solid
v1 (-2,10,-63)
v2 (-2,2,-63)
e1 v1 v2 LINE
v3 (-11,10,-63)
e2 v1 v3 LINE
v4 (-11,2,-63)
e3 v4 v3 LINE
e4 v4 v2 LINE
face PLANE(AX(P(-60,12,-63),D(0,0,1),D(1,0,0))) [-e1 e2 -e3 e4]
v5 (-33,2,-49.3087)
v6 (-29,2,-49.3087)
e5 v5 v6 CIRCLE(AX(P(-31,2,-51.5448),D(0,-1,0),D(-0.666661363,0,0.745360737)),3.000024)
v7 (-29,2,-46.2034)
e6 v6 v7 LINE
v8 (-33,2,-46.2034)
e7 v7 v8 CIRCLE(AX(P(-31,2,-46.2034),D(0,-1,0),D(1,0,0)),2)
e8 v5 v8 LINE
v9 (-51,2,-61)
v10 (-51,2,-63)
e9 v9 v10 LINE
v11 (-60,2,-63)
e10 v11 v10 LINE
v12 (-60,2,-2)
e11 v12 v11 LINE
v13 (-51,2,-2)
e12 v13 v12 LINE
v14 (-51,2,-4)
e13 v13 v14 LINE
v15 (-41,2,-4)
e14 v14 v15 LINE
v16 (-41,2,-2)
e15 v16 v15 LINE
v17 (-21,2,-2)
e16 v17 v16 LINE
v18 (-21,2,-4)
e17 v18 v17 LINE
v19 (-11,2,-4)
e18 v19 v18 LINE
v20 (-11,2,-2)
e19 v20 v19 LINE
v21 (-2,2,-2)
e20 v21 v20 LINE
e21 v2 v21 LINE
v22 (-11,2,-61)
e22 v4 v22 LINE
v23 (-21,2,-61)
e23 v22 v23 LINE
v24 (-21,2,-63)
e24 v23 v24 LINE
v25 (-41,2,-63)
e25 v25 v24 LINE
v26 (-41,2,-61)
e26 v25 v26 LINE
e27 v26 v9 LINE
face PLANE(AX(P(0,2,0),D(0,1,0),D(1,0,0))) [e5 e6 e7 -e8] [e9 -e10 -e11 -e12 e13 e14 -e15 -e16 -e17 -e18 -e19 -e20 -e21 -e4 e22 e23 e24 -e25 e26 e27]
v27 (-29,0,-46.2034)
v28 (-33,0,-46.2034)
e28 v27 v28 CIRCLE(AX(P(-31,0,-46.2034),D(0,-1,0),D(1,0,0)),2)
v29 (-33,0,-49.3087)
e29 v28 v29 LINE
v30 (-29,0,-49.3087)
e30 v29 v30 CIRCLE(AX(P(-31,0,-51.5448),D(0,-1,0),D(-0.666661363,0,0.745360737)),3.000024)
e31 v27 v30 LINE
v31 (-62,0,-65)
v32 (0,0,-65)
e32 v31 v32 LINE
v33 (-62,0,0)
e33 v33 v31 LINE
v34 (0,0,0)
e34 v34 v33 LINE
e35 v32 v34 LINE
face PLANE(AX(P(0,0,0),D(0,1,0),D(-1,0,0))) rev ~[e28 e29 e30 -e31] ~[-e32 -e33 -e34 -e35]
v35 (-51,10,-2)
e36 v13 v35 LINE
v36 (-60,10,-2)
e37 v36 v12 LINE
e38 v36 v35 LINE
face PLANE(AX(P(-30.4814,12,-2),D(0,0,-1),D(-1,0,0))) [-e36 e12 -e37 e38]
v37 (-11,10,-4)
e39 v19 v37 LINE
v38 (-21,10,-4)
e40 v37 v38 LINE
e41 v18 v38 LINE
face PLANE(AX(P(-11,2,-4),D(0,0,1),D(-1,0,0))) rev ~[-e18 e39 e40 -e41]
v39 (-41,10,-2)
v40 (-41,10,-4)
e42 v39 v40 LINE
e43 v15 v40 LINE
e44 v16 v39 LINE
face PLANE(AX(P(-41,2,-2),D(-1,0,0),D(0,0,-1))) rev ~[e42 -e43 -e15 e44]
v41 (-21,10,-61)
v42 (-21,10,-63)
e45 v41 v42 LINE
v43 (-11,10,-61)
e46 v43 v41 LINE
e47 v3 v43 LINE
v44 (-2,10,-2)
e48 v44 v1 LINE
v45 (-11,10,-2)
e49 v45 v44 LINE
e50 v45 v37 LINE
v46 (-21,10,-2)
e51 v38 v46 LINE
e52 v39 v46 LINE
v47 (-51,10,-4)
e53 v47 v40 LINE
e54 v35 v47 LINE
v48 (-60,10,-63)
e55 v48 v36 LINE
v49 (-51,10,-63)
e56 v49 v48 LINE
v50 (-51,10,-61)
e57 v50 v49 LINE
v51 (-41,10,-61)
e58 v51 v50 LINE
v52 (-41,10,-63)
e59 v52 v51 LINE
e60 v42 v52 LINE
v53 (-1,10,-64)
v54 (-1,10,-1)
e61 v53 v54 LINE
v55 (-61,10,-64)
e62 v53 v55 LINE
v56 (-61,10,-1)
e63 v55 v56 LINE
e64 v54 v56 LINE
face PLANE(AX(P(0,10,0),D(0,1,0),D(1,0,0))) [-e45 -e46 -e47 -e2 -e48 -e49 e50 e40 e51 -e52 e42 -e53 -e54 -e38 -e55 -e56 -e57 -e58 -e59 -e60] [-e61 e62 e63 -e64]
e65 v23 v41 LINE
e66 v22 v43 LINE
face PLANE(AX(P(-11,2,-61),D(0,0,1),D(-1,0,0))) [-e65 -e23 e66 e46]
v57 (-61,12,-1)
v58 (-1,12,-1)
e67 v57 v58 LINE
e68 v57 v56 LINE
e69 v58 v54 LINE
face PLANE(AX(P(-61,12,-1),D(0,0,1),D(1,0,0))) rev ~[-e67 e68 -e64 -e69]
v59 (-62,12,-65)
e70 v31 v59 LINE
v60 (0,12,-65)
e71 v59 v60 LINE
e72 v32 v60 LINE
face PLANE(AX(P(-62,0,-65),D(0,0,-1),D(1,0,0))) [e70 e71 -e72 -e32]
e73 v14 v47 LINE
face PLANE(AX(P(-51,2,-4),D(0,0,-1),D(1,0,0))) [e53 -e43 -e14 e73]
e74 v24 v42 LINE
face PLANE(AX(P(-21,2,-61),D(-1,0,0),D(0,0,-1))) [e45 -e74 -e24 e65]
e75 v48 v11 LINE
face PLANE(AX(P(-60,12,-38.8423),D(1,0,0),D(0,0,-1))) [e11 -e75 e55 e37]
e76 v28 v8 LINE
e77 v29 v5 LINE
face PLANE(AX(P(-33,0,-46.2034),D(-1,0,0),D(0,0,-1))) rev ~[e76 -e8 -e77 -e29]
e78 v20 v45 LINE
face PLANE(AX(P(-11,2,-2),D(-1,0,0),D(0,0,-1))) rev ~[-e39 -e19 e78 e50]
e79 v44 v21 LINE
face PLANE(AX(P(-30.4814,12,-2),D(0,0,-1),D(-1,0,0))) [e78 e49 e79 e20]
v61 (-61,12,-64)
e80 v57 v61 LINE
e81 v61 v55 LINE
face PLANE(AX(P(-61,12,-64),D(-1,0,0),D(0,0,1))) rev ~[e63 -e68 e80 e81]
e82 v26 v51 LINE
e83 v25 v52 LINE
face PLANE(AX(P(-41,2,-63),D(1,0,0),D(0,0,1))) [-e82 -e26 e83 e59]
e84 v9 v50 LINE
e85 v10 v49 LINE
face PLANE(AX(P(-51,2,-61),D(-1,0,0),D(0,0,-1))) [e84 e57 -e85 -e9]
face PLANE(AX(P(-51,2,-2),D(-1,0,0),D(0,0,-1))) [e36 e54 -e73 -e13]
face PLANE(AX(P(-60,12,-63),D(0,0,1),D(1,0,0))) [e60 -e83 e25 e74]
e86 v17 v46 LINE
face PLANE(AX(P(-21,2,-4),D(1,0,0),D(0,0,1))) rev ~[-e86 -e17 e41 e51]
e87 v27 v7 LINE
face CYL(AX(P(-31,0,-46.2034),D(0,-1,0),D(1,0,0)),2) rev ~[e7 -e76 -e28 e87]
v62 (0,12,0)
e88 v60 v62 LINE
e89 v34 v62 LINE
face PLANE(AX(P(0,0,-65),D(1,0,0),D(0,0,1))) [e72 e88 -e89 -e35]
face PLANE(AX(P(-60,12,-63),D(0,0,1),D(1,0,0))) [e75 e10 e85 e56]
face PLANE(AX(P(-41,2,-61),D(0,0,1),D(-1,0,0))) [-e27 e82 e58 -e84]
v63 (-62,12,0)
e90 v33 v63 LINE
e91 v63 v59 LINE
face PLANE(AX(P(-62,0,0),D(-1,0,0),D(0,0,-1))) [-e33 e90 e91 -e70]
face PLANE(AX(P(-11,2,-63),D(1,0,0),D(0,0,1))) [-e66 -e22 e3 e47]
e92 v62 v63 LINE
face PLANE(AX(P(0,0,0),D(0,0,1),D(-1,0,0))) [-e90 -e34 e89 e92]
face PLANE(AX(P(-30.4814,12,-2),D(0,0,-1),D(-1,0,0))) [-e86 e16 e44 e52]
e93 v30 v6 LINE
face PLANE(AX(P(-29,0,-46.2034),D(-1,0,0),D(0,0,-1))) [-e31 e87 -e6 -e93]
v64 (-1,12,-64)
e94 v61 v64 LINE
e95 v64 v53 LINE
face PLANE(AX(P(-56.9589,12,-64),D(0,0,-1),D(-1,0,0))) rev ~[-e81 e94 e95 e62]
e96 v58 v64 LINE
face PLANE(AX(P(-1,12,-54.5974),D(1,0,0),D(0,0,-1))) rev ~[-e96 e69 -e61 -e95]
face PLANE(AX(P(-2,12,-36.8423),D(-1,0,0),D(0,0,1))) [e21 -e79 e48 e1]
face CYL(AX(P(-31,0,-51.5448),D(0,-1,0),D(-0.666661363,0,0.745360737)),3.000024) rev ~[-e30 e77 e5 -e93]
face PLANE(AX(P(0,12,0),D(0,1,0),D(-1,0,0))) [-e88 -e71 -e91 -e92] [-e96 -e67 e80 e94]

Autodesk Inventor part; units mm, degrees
ref_plane "YZ Plane" through (0, 0, 0) normal (1, 0, 0) x (0, 1, 0)
ref_plane "XZ Plane" through (0, 0, 0) normal (0, 1, 0) x (-1, 0, 0)
ref_plane "XY Plane" through (0, 0, 0) normal (0, 0, 1) x (1, 0, 0)
sketch "Sketch1" plane through (0, 0, 0) normal (0, 1, 0) x (-1, 0, 0)
  point P0 (0, 0)
sketch "Sketch2" plane through (0, 0, 0) normal (0, 1, 0) x (-1, 0, 0)
  line L0 (0, 0) -> (62, 0)
  line L1 (62, 0) -> (62, -65)
  line L2 (62, -65) -> (0, -65)
  line L3 (0, -65) -> (0, 0)
  dimension "d0" = 62
  dimension "d1" = 65
extrude "Extrusion1" add sketch "Sketch2" along normal blind 12
sketch "Sketch3" plane through (0, 12, 0) normal (0, 1, 0) x (1, 0, 0)
  point P0 (0, 0)
sketch "Sketch4" plane through (0, 12, 0) normal (0, 1, 0) x (1, 0, 0)
  line L0 (0, 65) -> (-62, 65) projected
  line L1 (-30.4814, 65) -> (-28.4814, 65)
  line L2 (-28.4814, 65) -> (-28.4814, 63)
  line L3 (-62, 65) -> (-62, 0) projected
  line L4 (-62, 36.8423) -> (-62, 38.8423)
  line L5 (-62, 38.8423) -> (-60, 38.8423)
  line L6 (-62, 0) -> (0, 0) projected
  line L7 (-28.4814, 0) -> (-30.4814, 0)
  line L8 (-30.4814, 0) -> (-30.4814, 2)
  line L9 (0, 0) -> (0, 65) projected
  line L10 (0, 38.8423) -> (0, 36.8423)
  line L11 (0, 36.8423) -> (-2, 36.8423)
  line L12 (-60, 63) -> (-2, 63)
  line L13 (-2, 63) -> (-2, 2)
  line L14 (-2, 2) -> (-60, 2)
  line L15 (-60, 2) -> (-60, 63)
  dimension "d5" = 2
  dimension "d6" = 2
  dimension "d7" = 2
  dimension "d8" = 2
  dimension "d9" = 2
  dimension "d10" = 2
  dimension "d11" = 2
  dimension "d12" = 2
extrude "Extrusion2" cut sketch "Sketch4" against normal blind 10 contours L12 L13 L14 L15
sketch "Sketch10" plane through (0, 2, 0) normal (0, 1, 0) x (1, 0, 0)
  line L0 (-2, 2) -> (-60, 2) projected
  line L1 (-31, 2) -> (-41, 2)
  line L2 (-41, 2) -> (-41, 4)
  line L3 (-41, 2) -> (-51, 2)
  line L4 (-51, 2) -> (-51, 4)
  line L5 (-51, 4) -> (-41, 4)
  line L6 (-41, 4) -> (-41, 2)
  line L7 (-60, 63) -> (-2, 63) projected
  line L8 (-51, 63) -> (-41, 63)
  line L9 (-41, 63) -> (-41, 61)
  line L10 (-41, 61) -> (-51, 61)
  line L11 (-51, 61) -> (-51, 63)
  line L12 (-60, 2) -> (-60, 63) projected
  line L13 (-21, 63) -> (-11, 63)
  line L14 (-11, 63) -> (-11, 61)
  line L15 (-11, 61) -> (-21, 61)
  line L16 (-21, 61) -> (-21, 63)
  line L17 (-21, 2) -> (-11, 2)
  line L18 (-11, 2) -> (-11, 4)
  line L19 (-11, 4) -> (-21, 4)
  line L20 (-21, 4) -> (-21, 2)
  line L21 (-2, 63) -> (-2, 2) projected
  point P0 (0, 0)
  dimension "d55" = 2
  dimension "d56" = 10
  dimension "d57" = 10
  dimension "d58" = 2
  dimension "d59" = 9
  dimension "d60" = 10
  dimension "d61" = 10
  dimension "d62" = 9
  dimension "d63" = 9
extrude "Extrusion5" add sketch "Sketch10" along normal blind 9 contours L0 L20 L19 L18 | L14 L15 L16 L7 | L0 L4 L5 L2 | L9 L10 L11 L7
sketch "Sketch12" plane through (0, 0, 0) normal (0, -1, 0) x (1, 0, 0)
  line L0 (0, 0) -> (0, -65) projected
  arc A0 (-33, -49.3087) -> (-29, -49.3087) centre (-31, -51.5448) ccw
  arc A1 (-29, -46.2034) -> (-33, -46.2034) centre (-31, -46.2034) ccw
  line L1 (-29, -46.2034) -> (-29, -49.3087)
  line L2 (-33, -46.2034) -> (-33, -49.3087)
extrude "Extrusion7" cut sketch "Sketch12" against normal blind 10
sketch "Sketch13" plane through (0, 12, 0) normal (0, 1, 0) x (1, 0, 0)
  line L0 (-60, 2) -> (-60, 63) projected
  line L1 (-60, 4.6965) -> (-61, 4.6965)
  line L2 (-62, 65) -> (-62, 0) projected
  line L3 (-55.851, 2) -> (-55.851, 1)
  line L4 (-2, 63) -> (-2, 2) projected
  line L5 (-2, 53.5974) -> (-2, 54.5974)
  line L6 (-2, 54.5974) -> (-1, 54.5974)
  line L7 (0, 0) -> (0, 65) projected
  line L8 (-60, 63) -> (-2, 63) projected
  line L9 (-54.9589, 63) -> (-55.9589, 63)
  line L10 (-55.9589, 63) -> (-56.9589, 63)
  line L11 (-56.9589, 63) -> (-56.9589, 64)
  line L12 (-61, 1) -> (-1, 1)
  line L13 (-1, 1) -> (-1, 64)
  line L14 (-1, 64) -> (-61, 64)
  line L15 (-61, 64) -> (-61, 1)
  dimension "d81" = 1
  dimension "d82" = 1
  dimension "d83" = 1
  dimension "d84" = 1
  dimension "d85" = 1
  dimension "d86" = 1
  dimension "d87" = 1
extrude "Extrusion8" cut sketch "Sketch13" against normal blind 2
properties part number "Shell 1"
